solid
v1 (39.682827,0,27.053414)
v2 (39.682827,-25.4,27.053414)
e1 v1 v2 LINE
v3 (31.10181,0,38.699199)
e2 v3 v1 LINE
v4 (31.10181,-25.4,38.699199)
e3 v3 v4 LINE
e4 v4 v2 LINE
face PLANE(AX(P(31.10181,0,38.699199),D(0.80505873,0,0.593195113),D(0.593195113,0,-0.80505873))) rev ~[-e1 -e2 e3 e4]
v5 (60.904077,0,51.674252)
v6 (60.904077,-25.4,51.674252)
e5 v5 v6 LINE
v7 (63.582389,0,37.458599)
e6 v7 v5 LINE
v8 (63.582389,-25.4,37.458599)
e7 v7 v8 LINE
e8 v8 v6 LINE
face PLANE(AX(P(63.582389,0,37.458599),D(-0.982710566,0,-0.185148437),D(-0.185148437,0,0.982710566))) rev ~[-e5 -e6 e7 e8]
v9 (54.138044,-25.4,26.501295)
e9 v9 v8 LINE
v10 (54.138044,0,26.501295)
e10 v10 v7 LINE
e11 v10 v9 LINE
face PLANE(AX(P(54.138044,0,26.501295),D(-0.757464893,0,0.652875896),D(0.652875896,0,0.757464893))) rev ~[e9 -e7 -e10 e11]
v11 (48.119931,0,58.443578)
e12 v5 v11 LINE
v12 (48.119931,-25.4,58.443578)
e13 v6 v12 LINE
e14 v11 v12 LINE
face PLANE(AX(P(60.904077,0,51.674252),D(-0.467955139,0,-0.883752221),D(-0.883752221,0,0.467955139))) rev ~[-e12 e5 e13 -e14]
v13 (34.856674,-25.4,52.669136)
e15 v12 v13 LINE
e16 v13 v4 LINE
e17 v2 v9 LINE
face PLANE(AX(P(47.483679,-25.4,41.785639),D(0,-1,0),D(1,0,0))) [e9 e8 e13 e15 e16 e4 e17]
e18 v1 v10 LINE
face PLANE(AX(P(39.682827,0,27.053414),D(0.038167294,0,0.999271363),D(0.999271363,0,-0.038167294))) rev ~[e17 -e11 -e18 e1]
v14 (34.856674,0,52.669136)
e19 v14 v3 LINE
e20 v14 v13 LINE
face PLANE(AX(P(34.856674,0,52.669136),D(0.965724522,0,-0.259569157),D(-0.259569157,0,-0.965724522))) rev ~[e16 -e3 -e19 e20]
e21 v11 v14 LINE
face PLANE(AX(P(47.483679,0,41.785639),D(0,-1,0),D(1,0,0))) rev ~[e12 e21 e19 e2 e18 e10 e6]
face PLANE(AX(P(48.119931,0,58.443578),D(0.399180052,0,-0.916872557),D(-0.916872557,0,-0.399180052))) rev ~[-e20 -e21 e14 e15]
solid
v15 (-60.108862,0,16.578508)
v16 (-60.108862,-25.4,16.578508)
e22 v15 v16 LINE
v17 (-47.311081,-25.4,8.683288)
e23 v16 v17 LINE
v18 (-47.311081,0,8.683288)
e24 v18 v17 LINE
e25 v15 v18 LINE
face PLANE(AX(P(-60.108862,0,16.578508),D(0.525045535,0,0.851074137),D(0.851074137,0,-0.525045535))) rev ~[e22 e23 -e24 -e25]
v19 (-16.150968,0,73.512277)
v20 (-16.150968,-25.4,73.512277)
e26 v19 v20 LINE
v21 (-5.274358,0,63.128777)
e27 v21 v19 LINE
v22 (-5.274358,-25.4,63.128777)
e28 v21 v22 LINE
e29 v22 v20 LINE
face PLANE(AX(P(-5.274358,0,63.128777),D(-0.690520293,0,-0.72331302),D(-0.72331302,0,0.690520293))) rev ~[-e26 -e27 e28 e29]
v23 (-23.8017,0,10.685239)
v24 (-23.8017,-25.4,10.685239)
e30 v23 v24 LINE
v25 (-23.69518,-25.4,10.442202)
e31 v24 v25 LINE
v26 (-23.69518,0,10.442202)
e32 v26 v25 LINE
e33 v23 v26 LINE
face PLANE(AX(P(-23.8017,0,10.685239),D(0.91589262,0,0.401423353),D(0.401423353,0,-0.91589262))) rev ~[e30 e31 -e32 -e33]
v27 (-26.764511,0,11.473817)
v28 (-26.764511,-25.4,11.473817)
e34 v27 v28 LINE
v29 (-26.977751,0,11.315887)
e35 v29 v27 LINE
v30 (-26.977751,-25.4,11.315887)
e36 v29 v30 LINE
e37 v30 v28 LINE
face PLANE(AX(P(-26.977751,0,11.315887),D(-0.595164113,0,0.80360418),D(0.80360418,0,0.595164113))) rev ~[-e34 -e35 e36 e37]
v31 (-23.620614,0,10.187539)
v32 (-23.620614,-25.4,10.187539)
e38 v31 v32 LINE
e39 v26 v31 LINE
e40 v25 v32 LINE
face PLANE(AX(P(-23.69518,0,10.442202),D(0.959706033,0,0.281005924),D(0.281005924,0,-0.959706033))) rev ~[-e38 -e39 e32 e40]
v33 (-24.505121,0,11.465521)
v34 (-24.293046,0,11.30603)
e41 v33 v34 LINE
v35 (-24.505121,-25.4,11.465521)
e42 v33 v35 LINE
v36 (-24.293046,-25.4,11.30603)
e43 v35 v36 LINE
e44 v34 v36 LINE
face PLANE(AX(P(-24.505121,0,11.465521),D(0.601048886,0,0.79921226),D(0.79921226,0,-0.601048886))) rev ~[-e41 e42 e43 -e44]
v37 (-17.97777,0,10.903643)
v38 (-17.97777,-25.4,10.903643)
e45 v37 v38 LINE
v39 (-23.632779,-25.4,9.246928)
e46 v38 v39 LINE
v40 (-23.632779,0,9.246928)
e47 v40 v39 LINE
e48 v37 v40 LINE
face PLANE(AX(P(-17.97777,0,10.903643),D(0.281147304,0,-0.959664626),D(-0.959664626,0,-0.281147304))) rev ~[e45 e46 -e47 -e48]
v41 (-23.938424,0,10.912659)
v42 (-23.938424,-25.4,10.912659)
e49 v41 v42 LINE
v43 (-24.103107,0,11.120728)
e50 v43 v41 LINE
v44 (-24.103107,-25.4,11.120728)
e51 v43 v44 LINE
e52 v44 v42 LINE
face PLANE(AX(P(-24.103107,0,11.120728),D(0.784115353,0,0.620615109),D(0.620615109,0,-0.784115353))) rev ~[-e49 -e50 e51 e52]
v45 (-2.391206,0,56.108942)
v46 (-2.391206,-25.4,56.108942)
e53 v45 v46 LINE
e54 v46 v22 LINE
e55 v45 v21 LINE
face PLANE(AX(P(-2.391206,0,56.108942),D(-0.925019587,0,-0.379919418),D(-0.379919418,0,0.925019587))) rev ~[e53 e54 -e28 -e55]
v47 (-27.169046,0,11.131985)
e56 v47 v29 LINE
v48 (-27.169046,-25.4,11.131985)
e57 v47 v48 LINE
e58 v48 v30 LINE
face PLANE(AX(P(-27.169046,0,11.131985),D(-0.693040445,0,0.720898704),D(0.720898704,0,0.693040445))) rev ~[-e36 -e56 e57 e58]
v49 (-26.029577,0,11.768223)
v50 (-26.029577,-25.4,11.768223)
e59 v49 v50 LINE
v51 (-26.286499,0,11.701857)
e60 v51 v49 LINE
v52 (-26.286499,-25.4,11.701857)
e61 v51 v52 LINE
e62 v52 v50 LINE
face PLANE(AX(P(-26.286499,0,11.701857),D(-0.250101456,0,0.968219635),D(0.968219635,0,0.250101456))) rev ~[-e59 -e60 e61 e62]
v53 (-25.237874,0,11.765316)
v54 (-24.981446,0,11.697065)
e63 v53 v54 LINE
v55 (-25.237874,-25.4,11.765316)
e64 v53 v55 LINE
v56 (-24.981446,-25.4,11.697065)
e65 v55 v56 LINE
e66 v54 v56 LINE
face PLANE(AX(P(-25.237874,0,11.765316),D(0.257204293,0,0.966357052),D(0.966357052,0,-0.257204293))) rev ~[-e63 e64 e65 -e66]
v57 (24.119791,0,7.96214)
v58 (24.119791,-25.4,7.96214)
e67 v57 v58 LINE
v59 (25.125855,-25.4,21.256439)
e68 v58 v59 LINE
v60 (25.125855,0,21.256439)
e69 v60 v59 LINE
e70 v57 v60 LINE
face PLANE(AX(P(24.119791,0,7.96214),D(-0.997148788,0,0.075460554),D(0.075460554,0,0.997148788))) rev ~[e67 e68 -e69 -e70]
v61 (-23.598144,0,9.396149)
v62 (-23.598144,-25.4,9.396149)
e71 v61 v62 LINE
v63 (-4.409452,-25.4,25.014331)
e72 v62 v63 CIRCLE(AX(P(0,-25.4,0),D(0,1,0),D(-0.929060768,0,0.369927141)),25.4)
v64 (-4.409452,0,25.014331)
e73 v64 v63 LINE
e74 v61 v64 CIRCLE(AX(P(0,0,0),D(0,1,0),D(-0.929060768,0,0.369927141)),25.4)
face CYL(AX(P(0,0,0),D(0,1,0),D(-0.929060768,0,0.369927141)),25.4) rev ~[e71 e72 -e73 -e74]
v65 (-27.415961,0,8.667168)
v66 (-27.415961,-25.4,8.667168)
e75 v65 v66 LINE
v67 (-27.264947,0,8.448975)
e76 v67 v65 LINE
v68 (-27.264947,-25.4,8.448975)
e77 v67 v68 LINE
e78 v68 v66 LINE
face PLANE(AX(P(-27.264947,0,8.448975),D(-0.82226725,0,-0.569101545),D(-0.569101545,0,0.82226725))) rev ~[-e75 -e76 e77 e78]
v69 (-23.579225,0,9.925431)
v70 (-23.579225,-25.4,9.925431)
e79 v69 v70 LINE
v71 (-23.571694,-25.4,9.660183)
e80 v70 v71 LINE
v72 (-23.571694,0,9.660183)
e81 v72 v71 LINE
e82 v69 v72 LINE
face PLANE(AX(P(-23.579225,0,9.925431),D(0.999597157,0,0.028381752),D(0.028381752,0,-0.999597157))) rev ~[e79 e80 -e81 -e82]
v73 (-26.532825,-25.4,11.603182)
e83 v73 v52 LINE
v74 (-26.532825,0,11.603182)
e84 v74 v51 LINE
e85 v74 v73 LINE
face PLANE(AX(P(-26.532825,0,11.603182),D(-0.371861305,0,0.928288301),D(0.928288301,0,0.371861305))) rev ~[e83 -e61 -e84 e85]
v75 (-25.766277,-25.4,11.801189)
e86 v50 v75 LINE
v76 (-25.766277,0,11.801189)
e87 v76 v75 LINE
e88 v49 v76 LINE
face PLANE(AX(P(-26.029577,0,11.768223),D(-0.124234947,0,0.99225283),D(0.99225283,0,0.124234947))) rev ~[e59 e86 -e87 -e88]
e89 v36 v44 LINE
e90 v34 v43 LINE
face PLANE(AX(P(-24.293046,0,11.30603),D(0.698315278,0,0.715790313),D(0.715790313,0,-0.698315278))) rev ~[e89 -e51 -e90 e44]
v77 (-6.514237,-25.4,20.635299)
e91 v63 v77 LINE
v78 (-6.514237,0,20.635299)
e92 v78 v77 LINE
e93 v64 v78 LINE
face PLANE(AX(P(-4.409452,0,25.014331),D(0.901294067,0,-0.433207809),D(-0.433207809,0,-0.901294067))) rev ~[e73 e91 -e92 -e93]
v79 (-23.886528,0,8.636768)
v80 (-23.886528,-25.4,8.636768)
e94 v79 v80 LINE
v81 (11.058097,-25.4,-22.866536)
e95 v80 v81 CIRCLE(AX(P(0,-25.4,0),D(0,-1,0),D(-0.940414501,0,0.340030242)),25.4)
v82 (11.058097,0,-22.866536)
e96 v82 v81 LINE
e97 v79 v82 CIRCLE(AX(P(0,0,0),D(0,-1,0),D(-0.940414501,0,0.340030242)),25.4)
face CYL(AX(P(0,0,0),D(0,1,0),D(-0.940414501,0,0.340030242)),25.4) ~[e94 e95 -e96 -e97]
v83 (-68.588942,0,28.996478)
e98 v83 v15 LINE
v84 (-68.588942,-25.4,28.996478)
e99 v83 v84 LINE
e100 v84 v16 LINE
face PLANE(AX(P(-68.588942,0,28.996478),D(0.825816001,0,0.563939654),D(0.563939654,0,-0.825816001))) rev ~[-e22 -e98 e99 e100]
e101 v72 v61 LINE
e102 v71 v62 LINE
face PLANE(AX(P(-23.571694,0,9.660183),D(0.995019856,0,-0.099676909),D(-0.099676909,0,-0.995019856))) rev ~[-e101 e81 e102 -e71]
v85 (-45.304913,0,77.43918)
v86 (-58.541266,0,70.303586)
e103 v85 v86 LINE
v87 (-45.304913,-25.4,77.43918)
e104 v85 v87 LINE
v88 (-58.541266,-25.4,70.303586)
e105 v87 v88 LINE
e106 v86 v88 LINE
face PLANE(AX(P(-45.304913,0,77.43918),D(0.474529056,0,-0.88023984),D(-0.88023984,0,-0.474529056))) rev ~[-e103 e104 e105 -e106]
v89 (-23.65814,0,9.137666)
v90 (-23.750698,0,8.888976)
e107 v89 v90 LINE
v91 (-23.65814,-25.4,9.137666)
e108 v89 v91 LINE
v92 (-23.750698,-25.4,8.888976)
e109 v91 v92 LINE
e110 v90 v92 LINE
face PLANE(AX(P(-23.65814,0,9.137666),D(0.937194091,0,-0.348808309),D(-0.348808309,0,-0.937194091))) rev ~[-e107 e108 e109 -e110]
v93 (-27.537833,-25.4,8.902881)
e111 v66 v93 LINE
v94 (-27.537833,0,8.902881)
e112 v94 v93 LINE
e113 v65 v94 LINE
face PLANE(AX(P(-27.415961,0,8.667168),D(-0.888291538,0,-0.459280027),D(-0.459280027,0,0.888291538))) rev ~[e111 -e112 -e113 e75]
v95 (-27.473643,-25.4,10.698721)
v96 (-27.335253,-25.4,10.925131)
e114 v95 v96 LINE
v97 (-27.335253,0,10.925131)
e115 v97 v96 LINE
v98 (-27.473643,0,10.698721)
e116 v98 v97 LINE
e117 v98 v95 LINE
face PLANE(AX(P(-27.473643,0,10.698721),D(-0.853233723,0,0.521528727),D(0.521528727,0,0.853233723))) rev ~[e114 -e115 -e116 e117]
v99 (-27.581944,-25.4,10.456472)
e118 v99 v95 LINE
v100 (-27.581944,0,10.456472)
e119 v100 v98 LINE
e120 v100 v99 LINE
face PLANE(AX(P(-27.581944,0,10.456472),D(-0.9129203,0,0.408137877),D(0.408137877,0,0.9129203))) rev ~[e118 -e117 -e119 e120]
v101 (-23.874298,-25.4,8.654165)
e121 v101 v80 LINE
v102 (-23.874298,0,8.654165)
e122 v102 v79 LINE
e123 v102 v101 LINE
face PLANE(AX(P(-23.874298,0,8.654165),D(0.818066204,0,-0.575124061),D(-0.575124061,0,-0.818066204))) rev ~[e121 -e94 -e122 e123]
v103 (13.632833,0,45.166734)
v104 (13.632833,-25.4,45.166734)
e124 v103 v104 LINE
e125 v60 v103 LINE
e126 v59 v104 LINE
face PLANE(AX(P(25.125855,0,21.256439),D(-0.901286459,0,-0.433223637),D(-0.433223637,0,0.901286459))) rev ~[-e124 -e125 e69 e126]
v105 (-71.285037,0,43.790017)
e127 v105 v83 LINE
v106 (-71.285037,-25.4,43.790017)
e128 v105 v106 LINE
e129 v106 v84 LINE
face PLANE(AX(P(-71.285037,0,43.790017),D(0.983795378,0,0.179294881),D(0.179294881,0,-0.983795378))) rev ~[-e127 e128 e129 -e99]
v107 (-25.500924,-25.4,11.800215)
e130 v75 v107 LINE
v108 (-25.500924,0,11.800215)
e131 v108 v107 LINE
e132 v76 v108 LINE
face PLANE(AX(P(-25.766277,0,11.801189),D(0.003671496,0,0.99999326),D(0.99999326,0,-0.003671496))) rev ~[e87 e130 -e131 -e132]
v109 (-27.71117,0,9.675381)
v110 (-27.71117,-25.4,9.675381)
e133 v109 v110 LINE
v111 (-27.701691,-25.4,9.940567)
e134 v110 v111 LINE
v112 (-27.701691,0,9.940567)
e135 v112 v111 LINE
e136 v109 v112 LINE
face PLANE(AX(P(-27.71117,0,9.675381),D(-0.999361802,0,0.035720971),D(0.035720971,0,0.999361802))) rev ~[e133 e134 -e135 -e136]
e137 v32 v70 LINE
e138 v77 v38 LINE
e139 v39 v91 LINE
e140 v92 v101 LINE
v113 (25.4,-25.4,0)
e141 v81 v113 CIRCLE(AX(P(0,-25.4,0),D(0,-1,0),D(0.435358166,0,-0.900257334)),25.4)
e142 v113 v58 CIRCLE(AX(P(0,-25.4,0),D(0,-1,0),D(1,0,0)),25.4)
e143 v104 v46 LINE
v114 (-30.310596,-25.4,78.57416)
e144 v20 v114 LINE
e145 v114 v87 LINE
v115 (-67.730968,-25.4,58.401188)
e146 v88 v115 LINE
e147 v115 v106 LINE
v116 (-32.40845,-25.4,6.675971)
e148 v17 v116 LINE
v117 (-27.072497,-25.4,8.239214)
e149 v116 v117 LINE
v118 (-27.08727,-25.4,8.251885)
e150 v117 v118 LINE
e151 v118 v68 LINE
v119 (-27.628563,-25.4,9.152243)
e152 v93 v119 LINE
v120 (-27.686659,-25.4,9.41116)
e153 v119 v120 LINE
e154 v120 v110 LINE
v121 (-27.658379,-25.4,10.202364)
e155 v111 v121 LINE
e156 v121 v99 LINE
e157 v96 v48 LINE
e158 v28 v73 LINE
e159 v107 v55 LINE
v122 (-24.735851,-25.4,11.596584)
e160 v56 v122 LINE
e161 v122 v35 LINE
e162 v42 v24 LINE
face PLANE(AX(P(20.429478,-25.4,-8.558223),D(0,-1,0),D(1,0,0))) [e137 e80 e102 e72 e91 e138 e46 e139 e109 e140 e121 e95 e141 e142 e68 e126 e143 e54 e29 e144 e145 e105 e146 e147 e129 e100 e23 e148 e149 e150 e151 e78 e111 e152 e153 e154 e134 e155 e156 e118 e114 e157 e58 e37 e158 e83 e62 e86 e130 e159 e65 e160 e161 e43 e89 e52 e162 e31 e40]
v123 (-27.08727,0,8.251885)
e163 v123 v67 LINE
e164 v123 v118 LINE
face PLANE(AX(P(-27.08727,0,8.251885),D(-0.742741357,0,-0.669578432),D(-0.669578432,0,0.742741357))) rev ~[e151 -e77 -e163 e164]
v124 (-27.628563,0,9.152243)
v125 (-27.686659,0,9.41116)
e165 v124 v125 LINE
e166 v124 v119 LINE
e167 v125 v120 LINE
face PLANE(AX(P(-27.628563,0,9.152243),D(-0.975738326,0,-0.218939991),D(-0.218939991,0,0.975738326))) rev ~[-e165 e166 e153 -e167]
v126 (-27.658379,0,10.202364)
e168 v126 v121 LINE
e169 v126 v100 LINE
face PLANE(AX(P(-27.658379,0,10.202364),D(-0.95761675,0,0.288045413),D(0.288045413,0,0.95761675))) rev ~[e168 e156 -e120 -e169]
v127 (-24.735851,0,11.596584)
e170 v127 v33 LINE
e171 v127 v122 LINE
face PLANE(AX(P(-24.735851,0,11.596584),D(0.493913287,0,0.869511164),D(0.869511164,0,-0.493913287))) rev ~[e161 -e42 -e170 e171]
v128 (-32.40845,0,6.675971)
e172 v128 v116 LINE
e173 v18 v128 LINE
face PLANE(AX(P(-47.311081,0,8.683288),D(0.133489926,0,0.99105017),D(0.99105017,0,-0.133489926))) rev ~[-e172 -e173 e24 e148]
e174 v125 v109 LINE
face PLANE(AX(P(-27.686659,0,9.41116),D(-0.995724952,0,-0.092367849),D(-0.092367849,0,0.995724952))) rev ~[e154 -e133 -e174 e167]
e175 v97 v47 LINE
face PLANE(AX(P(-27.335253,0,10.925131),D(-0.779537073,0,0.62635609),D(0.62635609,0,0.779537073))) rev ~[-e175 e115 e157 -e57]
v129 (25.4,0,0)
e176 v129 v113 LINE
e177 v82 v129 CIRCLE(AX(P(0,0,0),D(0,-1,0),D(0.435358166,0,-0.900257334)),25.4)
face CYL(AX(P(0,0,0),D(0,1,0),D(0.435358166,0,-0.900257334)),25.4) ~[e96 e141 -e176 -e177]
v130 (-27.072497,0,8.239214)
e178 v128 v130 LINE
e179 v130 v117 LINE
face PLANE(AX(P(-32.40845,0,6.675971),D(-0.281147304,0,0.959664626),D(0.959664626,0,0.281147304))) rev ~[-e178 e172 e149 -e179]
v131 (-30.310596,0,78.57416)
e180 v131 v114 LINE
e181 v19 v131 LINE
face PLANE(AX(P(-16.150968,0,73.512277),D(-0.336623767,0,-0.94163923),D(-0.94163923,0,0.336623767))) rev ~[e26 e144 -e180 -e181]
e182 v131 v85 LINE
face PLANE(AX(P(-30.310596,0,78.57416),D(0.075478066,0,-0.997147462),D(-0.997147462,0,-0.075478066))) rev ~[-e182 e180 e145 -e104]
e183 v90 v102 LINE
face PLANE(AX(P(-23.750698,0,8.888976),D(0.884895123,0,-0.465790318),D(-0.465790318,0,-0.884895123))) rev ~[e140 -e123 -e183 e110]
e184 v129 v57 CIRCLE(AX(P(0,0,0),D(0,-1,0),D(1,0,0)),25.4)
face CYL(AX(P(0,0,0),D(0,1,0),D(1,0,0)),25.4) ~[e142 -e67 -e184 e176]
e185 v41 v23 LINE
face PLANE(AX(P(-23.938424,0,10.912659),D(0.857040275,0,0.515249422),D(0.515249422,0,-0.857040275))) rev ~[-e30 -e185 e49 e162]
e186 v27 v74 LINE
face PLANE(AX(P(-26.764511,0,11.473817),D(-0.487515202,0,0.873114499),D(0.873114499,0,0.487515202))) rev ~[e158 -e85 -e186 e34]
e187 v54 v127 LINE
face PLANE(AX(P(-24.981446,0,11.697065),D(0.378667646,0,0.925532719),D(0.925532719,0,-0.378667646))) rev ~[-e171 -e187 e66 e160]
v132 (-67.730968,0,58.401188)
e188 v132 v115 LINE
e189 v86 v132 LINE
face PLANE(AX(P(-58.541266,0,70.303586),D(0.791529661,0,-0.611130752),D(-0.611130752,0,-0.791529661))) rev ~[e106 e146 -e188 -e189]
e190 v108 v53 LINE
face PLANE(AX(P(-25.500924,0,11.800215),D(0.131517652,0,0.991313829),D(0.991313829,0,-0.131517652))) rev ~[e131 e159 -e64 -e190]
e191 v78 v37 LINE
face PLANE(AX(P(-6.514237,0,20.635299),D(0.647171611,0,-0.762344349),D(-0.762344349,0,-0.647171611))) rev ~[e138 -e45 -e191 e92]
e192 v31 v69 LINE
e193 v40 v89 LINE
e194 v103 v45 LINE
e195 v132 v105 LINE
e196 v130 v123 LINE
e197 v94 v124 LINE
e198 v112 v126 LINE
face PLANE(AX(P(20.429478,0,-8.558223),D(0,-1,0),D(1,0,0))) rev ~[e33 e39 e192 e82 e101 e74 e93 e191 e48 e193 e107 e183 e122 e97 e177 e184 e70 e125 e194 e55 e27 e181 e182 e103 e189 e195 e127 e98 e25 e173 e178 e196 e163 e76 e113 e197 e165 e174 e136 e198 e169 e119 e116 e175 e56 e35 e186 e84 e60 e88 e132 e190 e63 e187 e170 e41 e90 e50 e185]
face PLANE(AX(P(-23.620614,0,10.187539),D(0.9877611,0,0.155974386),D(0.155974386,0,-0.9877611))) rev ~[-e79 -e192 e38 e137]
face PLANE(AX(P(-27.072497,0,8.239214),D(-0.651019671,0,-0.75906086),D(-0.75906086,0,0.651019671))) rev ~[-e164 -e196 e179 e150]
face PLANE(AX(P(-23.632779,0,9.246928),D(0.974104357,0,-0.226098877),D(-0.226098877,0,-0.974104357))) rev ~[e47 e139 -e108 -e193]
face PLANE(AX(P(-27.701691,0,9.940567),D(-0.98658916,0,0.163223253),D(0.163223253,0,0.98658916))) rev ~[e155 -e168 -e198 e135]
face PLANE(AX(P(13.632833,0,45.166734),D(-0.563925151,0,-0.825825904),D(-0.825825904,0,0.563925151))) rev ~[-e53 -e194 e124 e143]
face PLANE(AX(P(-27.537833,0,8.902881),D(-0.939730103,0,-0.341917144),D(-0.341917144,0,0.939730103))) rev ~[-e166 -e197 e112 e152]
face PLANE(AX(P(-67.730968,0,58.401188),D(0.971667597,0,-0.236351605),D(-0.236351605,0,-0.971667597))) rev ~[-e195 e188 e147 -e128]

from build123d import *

# Parameters (mm, degrees)
F1_DEPTH = 25.4


with BuildPart() as f1:
    # F0 (on Front) → F1 (new body)
    with BuildSketch(Plane.XZ):
        Polygon((34.8566744245, 52.6691357483), (31.1018098146, 38.6991985142), (39.6828267606, 27.0534137518), (54.1380444814, 26.5012949177), (63.5823892004, 37.4585987553), (60.9040767148, 51.6742519866), (48.1199309538, 58.4435777819), align=None)
    extrude(amount=F1_DEPTH)


with BuildPart() as f1b:
    # F0 (on Front) → F1, piece 2 (new body)
    with BuildSketch(Plane.XZ):
        with BuildLine():
            ThreePointArc((11.0580974059, -22.8665362869), (21.5178492665, -13.496005444), (25.4, 0))
            ThreePointArc((25.4, 0), (25.0779056149, 4.0322016283), (24.1197913408, 7.9621395161))
            Line((24.1197913408, 7.9621395161), (23.1239564498, -5.1969946066))
            Line((23.1239564498, -5.1969946066), (11.0580974059, -22.8665362869))
        make_face()
        Polygon((-8.2755630628, 60.1271459405), (-2.3912059918, 56.1089419448), (-5.2743577139, 63.1287774352), (-16.1509683998, 73.5122769545), (-30.3105964242, 78.5741596564), (-45.3049134657, 77.439180036), (-58.5412658886, 70.3035863806), (-67.7309681106, 58.401187658), (-71.2850371316, 43.7900167374), (-69.605856925, 34.5763140522), (-58.6392917008, 50.6360227405), (-34.7289967801, 62.1290445487), align=None)
        with BuildLine():
            ThreePointArc((-4.4094518109, 25.0143305872), (13.0314495041, 21.802323817), (24.1197913408, 7.9621395161))
            Line((24.1197913408, 7.9621395161), (25.1258550579, 21.2564391108))
            Line((25.1258550579, 21.2564391108), (13.6328332497, 45.1667340314))
            Line((13.6328332497, 45.1667340314), (-2.3912059918, 56.1089419448))
            Line((-2.3912059918, 56.1089419448), (0.4385708348, 49.2190624965))
            Line((0.4385708348, 49.2190624965), (0, 34.1882482171))
            Line((0, 34.1882482171), (-4.4094518109, 25.0143305872))
        make_face()
        with BuildLine():
            Line((23.1239564498, -5.1969946066), (24.1197913408, 7.9621395161))
            ThreePointArc((24.1197913408, 7.9621395161), (13.0314495041, 21.802323817), (-4.4094518109, 25.0143305872))
            Line((-4.4094518109, 25.0143305872), (-6.5142373367, 20.6352989366))
            Line((-6.5142373367, 20.6352989366), (-17.9777703597, 10.9036427102))
            Line((-17.9777703597, 10.9036427102), (-23.6327792025, 9.2469280132))
            Line((-23.6327792025, 9.2469280132), (-23.6581400337, 9.1376656564))
            Line((-23.6581400337, 9.1376656564), (-23.7506981535, 8.8889762744))
            Line((-23.7506981535, 8.8889762744), (-23.8742980647, 8.6541646984))
            Line((-23.8742980647, 8.6541646984), (-23.8865283324, 8.6367681585))
            ThreePointArc((-23.8865283324, 8.6367681585), (-17.0075485522, -18.8653993397), (11.0580974059, -22.8665362869))
            Line((11.0580974059, -22.8665362869), (23.1239564498, -5.1969946066))
        make_face()
        with BuildLine():
            ThreePointArc((-23.5981435072, 9.3961493717), (-16.0339715914, 19.6995369236), (-4.4094518109, 25.0143305872))
            Line((-4.4094518109, 25.0143305872), (0, 34.1882482171))
            Line((0, 34.1882482171), (0.4385708348, 49.2190624965))
            Line((0.4385708348, 49.2190624965), (-2.3912059918, 56.1089419448))
            Line((-2.3912059918, 56.1089419448), (-8.2755630628, 60.1271459405))
            Line((-8.2755630628, 60.1271459405), (-34.7289967801, 62.1290445487))
            Line((-34.7289967801, 62.1290445487), (-58.6392917008, 50.6360227405))
            Line((-58.6392917008, 50.6360227405), (-69.605856925, 34.5763140522))
            Line((-69.605856925, 34.5763140522), (-68.5889421302, 28.9964778091))
            Line((-68.5889421302, 28.9964778091), (-60.1088624254, 16.578508149))
            Line((-60.1088624254, 16.578508149), (-47.3110808372, 8.683287525))
            Line((-47.3110808372, 8.683287525), (-32.4084500665, 6.6759713089))
            Line((-32.4084500665, 6.6759713089), (-27.0724970191, 8.2392141052))
            Line((-27.0724970191, 8.2392141052), (-27.0872704066, 8.2518847175))
            Line((-27.0872704066, 8.2518847175), (-27.2649465658, 8.4489750439))
            Line((-27.2649465658, 8.4489750439), (-27.4159606546, 8.6671679843))
            Line((-27.4159606546, 8.6671679843), (-27.5378330259, 8.9028808167))
            Line((-27.5378330259, 8.9028808167), (-27.6285625387, 9.152243143))
            Line((-27.6285625387, 9.152243143), (-27.686659417, 9.4111604407))
            Line((-27.686659417, 9.4111604407), (-27.7111697116, 9.6753812947))
            Line((-27.7111697116, 9.6753812947), (-27.7016909641, 9.9405672062))
            Line((-27.7016909641, 9.9405672062), (-27.6583788153, 10.2023638296))
            Line((-27.6583788153, 10.2023638296), (-27.5819444496, 10.4564724717))
            Line((-27.5819444496, 10.4564724717), (-27.473642917, 10.6987206757))
            Line((-27.473642917, 10.6987206757), (-27.3352525257, 10.9251307326))
            Line((-27.3352525257, 10.9251307326), (-27.1690456422, 11.1319849957))
            Line((-27.1690456422, 11.1319849957), (-26.9777513788, 11.3158869236))
            Line((-26.9777513788, 11.3158869236), (-26.7645107822, 11.4738168518))
            Line((-26.7645107822, 11.4738168518), (-26.5328252569, 11.6031815752))
            Line((-26.5328252569, 11.6031815752), (-26.286499073, 11.7018569286))
            Line((-26.286499073, 11.7018569286), (-26.0295768995, 11.7682226655))
            Line((-26.0295768995, 11.7682226655), (-25.7662773914, 11.8011890623))
            Line((-25.7662773914, 11.8011890623), (-25.5009239194, 11.8002148116))
            Line((-25.5009239194, 11.8002148116), (-25.2378735801, 11.7653159107))
            Line((-25.2378735801, 11.7653159107), (-24.9814456529, 11.6970653985))
            Line((-24.9814456529, 11.6970653985), (-24.7358506772, 11.5965839466))
            Line((-24.7358506772, 11.5965839466), (-24.5051213157, 11.4655214576))
            Line((-24.5051213157, 11.4655214576), (-24.2930461382, 11.3060299739))
            Line((-24.2930461382, 11.3060299739), (-24.1031074132, 11.1207283414))
            Line((-24.1031074132, 11.1207283414), (-23.9384239293, 10.9126592076))
            Line((-23.9384239293, 10.9126592076), (-23.8016997848, 10.6852390621))
            Line((-23.8016997848, 10.6852390621), (-23.6951799864, 10.4422021373))
            Line((-23.6951799864, 10.4422021373), (-23.6206135862, 10.1875390928))
            Line((-23.6206135862, 10.1875390928), (-23.5792249624, 9.9254314888))
            Line((-23.5792249624, 9.9254314888), (-23.5716937151, 9.6601831248))
            Line((-23.5716937151, 9.6601831248), (-23.5981435072, 9.3961493717))
        make_face()
    extrude(amount=F1_DEPTH)


solid = Compound([f1.part, f1b.part])
